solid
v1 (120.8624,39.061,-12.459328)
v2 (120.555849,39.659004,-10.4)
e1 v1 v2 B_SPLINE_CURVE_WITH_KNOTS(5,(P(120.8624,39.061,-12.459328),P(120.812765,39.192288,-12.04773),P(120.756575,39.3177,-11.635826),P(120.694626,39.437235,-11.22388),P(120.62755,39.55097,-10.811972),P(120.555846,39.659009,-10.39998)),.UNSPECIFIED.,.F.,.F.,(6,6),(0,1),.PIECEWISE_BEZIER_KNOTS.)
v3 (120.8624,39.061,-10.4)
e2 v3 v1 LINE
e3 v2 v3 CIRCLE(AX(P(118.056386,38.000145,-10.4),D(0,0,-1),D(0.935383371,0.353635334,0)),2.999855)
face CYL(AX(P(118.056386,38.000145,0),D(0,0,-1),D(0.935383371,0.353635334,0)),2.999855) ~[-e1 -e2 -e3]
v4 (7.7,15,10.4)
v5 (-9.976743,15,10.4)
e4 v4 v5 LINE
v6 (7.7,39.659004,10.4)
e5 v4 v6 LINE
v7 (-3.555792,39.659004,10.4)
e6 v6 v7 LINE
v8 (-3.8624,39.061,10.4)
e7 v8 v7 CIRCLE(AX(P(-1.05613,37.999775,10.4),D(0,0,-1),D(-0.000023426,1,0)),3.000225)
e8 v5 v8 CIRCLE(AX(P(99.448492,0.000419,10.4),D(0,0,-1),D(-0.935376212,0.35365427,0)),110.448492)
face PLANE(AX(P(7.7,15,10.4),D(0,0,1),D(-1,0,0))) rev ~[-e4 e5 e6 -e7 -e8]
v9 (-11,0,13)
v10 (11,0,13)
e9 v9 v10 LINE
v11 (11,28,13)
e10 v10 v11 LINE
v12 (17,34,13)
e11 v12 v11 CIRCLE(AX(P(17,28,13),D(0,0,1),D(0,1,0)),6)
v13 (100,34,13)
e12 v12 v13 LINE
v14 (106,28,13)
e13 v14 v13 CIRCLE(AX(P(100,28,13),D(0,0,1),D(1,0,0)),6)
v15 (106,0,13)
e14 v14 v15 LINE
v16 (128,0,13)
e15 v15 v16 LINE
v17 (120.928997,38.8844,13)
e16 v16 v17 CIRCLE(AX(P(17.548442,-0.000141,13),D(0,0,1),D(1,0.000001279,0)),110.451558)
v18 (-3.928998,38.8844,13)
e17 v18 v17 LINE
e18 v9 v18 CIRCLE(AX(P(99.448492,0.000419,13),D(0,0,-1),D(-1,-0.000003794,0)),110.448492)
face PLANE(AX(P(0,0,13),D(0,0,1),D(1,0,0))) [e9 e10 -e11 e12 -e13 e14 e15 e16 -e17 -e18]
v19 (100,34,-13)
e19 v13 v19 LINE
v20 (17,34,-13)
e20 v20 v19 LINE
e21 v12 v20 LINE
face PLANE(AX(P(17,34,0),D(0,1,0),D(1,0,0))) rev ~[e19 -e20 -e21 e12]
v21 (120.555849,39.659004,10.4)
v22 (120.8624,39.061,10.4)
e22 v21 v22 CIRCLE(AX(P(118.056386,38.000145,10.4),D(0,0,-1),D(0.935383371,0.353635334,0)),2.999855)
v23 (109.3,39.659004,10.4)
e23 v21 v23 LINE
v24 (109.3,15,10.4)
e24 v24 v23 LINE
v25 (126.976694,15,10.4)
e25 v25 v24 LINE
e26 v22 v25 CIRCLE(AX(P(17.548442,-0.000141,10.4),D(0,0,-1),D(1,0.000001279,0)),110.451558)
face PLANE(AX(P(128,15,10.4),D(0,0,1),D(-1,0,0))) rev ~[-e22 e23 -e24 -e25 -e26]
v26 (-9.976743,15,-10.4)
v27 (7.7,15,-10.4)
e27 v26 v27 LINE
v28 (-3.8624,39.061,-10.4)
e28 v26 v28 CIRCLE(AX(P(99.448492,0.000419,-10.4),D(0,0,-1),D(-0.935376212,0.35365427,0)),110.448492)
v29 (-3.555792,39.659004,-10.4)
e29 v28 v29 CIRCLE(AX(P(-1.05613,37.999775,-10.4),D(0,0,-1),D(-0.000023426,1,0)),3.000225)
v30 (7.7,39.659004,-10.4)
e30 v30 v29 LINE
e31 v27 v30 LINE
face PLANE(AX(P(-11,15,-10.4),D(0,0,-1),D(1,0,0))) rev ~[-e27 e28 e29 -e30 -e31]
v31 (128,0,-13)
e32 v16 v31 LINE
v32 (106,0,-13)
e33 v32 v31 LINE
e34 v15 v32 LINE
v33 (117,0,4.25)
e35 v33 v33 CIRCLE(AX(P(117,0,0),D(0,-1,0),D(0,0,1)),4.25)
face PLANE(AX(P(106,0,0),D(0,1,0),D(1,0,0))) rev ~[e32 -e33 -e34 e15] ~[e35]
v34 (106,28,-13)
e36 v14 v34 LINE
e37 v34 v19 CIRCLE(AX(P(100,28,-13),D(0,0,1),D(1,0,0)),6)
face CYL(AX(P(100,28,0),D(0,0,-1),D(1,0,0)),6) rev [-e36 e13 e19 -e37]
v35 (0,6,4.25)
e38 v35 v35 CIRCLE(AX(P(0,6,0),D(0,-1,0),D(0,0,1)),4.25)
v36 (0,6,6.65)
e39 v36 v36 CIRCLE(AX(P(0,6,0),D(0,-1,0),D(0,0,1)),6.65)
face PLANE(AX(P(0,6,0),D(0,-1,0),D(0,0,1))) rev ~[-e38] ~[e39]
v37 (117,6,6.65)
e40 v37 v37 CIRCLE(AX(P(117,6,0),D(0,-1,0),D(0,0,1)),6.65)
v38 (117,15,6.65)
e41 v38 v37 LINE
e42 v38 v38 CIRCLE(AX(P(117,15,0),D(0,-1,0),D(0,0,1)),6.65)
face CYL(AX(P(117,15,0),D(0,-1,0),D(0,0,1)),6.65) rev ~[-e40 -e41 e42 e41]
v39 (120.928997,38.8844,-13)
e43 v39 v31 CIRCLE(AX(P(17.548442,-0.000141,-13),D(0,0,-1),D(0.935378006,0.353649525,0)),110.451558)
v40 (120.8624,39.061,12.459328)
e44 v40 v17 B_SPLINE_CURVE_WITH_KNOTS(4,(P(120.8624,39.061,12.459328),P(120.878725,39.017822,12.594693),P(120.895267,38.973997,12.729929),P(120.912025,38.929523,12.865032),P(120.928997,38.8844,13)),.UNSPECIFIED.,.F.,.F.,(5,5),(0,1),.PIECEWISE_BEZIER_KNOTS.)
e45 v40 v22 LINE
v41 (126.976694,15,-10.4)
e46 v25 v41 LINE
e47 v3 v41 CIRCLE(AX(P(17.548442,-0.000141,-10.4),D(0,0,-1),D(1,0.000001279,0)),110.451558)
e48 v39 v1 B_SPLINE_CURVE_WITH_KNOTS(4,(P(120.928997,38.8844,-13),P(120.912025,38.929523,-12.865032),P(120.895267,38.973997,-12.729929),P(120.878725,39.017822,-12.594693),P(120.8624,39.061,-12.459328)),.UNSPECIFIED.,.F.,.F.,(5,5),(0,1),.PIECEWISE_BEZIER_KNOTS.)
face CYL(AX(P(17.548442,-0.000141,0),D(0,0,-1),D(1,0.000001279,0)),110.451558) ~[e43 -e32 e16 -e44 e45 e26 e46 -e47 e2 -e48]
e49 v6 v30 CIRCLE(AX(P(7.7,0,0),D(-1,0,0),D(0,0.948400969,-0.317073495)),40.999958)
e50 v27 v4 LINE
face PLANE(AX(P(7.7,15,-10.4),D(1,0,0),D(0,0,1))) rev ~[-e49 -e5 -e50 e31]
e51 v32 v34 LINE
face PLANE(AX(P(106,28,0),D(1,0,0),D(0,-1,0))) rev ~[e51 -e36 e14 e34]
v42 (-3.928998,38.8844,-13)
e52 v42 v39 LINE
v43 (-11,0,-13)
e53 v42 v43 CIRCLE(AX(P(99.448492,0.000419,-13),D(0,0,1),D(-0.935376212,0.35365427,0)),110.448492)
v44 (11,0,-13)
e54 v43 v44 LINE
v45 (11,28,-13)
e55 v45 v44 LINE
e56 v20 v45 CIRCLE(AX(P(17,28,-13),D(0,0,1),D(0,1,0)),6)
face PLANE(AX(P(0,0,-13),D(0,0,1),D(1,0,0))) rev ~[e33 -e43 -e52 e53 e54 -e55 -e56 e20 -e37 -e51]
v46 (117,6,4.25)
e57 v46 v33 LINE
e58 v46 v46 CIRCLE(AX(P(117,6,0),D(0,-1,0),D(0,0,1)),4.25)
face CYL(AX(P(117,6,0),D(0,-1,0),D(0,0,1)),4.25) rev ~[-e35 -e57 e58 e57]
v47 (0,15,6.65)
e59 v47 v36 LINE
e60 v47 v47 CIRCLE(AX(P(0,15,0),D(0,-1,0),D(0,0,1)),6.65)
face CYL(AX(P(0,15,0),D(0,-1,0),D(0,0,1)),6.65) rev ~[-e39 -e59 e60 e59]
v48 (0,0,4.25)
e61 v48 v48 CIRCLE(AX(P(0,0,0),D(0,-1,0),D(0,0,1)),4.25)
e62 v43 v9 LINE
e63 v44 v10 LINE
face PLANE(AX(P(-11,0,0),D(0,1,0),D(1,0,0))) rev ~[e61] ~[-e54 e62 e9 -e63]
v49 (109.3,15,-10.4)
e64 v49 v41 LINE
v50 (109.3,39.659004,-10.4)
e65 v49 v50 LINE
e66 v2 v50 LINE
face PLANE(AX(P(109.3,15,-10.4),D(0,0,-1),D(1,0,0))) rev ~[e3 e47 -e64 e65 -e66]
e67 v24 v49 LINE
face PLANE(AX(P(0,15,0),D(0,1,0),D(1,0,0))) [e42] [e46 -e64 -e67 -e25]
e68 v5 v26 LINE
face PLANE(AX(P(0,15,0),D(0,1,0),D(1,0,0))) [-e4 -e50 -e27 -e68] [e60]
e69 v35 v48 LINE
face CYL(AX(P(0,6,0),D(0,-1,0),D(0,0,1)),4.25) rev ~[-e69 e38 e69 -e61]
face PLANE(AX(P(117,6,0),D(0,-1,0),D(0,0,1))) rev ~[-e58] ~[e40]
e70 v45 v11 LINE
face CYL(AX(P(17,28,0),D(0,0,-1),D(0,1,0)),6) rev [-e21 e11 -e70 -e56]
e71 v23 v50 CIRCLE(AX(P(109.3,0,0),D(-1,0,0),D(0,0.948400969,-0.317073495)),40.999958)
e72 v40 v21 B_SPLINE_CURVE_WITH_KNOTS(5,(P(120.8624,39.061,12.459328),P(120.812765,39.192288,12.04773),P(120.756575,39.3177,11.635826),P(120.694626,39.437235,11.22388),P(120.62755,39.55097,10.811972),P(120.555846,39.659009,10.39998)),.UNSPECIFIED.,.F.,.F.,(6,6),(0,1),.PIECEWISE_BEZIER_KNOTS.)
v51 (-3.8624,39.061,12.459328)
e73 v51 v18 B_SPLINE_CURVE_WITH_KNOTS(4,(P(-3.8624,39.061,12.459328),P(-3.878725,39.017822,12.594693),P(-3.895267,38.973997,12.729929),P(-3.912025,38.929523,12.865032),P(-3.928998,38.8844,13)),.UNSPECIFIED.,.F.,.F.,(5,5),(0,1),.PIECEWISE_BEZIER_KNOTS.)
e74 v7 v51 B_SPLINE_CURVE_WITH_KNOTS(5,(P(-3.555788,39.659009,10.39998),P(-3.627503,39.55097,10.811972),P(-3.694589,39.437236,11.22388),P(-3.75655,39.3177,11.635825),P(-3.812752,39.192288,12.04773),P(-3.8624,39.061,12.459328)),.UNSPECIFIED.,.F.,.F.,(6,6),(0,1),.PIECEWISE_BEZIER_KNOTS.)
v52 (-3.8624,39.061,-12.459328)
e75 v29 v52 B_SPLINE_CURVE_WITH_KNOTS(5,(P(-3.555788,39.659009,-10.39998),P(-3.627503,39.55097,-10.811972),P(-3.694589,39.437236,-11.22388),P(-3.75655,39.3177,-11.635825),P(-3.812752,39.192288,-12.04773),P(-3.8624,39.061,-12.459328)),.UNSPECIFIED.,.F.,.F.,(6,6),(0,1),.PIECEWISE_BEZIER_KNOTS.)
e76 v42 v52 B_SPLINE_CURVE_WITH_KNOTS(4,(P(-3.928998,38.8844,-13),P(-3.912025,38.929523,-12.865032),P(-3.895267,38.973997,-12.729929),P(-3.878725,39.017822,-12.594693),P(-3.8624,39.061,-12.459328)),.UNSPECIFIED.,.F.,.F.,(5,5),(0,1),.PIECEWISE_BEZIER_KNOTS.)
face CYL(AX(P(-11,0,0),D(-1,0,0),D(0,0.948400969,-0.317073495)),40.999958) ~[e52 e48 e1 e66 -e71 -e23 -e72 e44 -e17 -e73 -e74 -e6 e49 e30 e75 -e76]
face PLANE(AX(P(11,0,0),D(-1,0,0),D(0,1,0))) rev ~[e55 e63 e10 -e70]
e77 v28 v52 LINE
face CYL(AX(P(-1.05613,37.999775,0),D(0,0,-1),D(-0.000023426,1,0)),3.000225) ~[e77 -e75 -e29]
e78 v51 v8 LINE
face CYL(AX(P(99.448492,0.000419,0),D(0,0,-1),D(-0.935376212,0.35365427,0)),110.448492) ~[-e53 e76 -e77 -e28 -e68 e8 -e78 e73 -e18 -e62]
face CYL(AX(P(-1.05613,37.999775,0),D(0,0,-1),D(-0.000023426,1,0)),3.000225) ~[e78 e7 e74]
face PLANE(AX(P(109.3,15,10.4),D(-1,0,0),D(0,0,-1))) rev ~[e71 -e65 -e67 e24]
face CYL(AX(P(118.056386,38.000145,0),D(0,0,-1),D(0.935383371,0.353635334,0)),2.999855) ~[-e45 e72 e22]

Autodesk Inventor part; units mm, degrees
sketch "Sketch_1" plane through (0, 0, 0) normal (0, 0, 1) x (1, 0, 0)
  line L0 (-11, 0) -> (11, 0)
  line L1 (11, 0) -> (11, 28)
  arc A0 (17, 34) -> (11, 28) centre (17, 28) ccw
  line L2 (17, 34) -> (100, 34)
  arc A1 (106, 28) -> (100, 34) centre (100, 28) ccw
  line L3 (106, 28) -> (106, 0)
  line L4 (106, 0) -> (128, 0)
  arc A2 (128, 0) -> (120.8624, 39.061) centre (17.55, 0) ccw
  arc A3 (120.8624, 39.061) -> (118.0562, 41) centre (118.0562, 38) ccw
  line L5 (118.0562, 41) -> (-1.0562, 41)
  arc A4 (-1.0562, 41) -> (-3.8624, 39.061) centre (-1.0562, 38) ccw
  arc A5 (-3.8624, 39.061) -> (-11, 0) centre (99.45, 0) ccw
extrude "Extrusion1" add sketch "Sketch_1" along normal mid plane 26
sketch "Sketch_2" plane through (0, 15, 0) normal (0, 1, 0) x (1, 0, 0)
  line L0 (-58.5, -26) -> (175.5, -26)
  line L1 (175.5, -26) -> (175.5, 26)
  line L2 (175.5, 26) -> (-58.5, 26)
  line L3 (-58.5, 26) -> (-58.5, -26)
  line L4 (-11, 10.4) -> (7.7, 10.4)
  line L5 (7.7, 10.4) -> (7.7, -10.4)
  line L6 (7.7, -10.4) -> (-11, -10.4)
  line L7 (-11, -10.4) -> (-11, -13)
  line L8 (-11, -13) -> (128, -13)
  line L9 (128, -13) -> (128, -10.4)
  line L10 (128, -10.4) -> (109.3, -10.4)
  line L11 (109.3, -10.4) -> (109.3, 10.4)
  line L12 (109.3, 10.4) -> (128, 10.4)
  line L13 (128, 10.4) -> (128, 13)
  line L14 (128, 13) -> (-11, 13)
  line L15 (-11, 13) -> (-11, 10.4)
extrude "Extrusion2" cut sketch "Sketch_2" along normal blind 58.5
sketch "Sketch3" plane through (0, 15, 0) normal (0, 1, 0) x (1, 0, 0)
  point P0 (0, 0)
hole "Hole1" at (0, 15, 0) direction (0, -1, 0) diameter 8.5 depth 15 counterbore diameter 13.3 counterbore depth 9
sketch "Sketch4" plane through (0, 15, 0) normal (0, 1, 0) x (1, 0, 0)
  point P0 (117, 0)
hole "Hole2" at (117, 15, 0) direction (0, -1, 0) diameter 8.5 depth 15 counterbore diameter 13.3 counterbore depth 9
sketch "Sketch_6" plane through (-11, 0, 0) normal (1, 0, 0) x (0, 0, -1)
  line L0 (-13, 46) -> (-13, 38.8844)
  arc A0 (13, 38.8844) -> (-13, 38.8844) centre (0, 0) ccw
  line L1 (13, 38.8844) -> (13, 46)
  line L2 (13, 46) -> (-13, 46)
extrude "Extrusion3" cut sketch "Sketch_6" along normal blind 139
ref_plane "handle_to_body_XY" through (58.5, 0, 0) normal (0, 1, 0) x (1, 0, 0)
ref_plane "handle_to_body_YZ" through (58.5, 0, 0) normal (1, 0, 0) x (0, 0, -1)
ref_plane "handle_to_body_ZX" through (58.5, 0, 0) normal (0, 0, -1) x (0, 1, 0)
ref_plane "handle_to_bolt1_XY" through (117, 6, 0) normal (0, 1, 0) x (1, 0, 0)
ref_plane "handle_to_bolt1_YZ" through (117, 6, 0) normal (1, 0, 0) x (0, 0, -1)
ref_plane "handle_to_bolt1_ZX" through (117, 6, 0) normal (0, 0, -1) x (0, 1, 0)
ref_plane "handle_to_bolt2_XY" through (0, 6, 0) normal (0, 1, 0) x (1, 0, 0)
ref_plane "handle_to_bolt2_YZ" through (0, 6, 0) normal (1, 0, 0) x (0, 0, -1)
ref_plane "handle_to_bolt2_ZX" through (0, 6, 0) normal (0, 0, -1) x (0, 1, 0)
ref_plane "handle_to_nut1_XY" through (117, 0, 0) normal (0, 1, 0) x (1, 0, 0)
ref_plane "handle_to_nut1_YZ" through (117, 0, 0) normal (1, 0, 0) x (0, 0, -1)
ref_plane "handle_to_nut1_ZX" through (117, 0, 0) normal (0, 0, -1) x (0, 1, 0)
ref_plane "handle_to_nut2_XY" through (0, 0, 0) normal (0, 1, 0) x (1, 0, 0)
ref_plane "handle_to_nut2_YZ" through (0, 0, 0) normal (1, 0, 0) x (0, 0, -1)
ref_plane "handle_to_nut2_ZX" through (0, 0, 0) normal (0, 0, -1) x (0, 1, 0)
ref_plane "to_nut_1_XY" through (0, -5.5, 0) normal (0, -1, 0) x (1, 0, 0)
ref_plane "to_nut_1_YZ" through (0, -5.5, 0) normal (1, 0, 0) x (0, 0, 1)
ref_plane "to_nut_1_ZX" through (0, -5.5, 0) normal (0, 0, 1) x (0, -1, 0)
ref_plane "to_nut_2_XY" through (117, -5.5, 0) normal (0, -1, 0) x (1, 0, 0)
ref_plane "to_nut_2_YZ" through (117, -5.5, 0) normal (1, 0, 0) x (0, 0, 1)
ref_plane "to_nut_2_ZX" through (117, -5.5, 0) normal (0, 0, 1) x (0, -1, 0)
properties part number "UPCN26-B-41"
